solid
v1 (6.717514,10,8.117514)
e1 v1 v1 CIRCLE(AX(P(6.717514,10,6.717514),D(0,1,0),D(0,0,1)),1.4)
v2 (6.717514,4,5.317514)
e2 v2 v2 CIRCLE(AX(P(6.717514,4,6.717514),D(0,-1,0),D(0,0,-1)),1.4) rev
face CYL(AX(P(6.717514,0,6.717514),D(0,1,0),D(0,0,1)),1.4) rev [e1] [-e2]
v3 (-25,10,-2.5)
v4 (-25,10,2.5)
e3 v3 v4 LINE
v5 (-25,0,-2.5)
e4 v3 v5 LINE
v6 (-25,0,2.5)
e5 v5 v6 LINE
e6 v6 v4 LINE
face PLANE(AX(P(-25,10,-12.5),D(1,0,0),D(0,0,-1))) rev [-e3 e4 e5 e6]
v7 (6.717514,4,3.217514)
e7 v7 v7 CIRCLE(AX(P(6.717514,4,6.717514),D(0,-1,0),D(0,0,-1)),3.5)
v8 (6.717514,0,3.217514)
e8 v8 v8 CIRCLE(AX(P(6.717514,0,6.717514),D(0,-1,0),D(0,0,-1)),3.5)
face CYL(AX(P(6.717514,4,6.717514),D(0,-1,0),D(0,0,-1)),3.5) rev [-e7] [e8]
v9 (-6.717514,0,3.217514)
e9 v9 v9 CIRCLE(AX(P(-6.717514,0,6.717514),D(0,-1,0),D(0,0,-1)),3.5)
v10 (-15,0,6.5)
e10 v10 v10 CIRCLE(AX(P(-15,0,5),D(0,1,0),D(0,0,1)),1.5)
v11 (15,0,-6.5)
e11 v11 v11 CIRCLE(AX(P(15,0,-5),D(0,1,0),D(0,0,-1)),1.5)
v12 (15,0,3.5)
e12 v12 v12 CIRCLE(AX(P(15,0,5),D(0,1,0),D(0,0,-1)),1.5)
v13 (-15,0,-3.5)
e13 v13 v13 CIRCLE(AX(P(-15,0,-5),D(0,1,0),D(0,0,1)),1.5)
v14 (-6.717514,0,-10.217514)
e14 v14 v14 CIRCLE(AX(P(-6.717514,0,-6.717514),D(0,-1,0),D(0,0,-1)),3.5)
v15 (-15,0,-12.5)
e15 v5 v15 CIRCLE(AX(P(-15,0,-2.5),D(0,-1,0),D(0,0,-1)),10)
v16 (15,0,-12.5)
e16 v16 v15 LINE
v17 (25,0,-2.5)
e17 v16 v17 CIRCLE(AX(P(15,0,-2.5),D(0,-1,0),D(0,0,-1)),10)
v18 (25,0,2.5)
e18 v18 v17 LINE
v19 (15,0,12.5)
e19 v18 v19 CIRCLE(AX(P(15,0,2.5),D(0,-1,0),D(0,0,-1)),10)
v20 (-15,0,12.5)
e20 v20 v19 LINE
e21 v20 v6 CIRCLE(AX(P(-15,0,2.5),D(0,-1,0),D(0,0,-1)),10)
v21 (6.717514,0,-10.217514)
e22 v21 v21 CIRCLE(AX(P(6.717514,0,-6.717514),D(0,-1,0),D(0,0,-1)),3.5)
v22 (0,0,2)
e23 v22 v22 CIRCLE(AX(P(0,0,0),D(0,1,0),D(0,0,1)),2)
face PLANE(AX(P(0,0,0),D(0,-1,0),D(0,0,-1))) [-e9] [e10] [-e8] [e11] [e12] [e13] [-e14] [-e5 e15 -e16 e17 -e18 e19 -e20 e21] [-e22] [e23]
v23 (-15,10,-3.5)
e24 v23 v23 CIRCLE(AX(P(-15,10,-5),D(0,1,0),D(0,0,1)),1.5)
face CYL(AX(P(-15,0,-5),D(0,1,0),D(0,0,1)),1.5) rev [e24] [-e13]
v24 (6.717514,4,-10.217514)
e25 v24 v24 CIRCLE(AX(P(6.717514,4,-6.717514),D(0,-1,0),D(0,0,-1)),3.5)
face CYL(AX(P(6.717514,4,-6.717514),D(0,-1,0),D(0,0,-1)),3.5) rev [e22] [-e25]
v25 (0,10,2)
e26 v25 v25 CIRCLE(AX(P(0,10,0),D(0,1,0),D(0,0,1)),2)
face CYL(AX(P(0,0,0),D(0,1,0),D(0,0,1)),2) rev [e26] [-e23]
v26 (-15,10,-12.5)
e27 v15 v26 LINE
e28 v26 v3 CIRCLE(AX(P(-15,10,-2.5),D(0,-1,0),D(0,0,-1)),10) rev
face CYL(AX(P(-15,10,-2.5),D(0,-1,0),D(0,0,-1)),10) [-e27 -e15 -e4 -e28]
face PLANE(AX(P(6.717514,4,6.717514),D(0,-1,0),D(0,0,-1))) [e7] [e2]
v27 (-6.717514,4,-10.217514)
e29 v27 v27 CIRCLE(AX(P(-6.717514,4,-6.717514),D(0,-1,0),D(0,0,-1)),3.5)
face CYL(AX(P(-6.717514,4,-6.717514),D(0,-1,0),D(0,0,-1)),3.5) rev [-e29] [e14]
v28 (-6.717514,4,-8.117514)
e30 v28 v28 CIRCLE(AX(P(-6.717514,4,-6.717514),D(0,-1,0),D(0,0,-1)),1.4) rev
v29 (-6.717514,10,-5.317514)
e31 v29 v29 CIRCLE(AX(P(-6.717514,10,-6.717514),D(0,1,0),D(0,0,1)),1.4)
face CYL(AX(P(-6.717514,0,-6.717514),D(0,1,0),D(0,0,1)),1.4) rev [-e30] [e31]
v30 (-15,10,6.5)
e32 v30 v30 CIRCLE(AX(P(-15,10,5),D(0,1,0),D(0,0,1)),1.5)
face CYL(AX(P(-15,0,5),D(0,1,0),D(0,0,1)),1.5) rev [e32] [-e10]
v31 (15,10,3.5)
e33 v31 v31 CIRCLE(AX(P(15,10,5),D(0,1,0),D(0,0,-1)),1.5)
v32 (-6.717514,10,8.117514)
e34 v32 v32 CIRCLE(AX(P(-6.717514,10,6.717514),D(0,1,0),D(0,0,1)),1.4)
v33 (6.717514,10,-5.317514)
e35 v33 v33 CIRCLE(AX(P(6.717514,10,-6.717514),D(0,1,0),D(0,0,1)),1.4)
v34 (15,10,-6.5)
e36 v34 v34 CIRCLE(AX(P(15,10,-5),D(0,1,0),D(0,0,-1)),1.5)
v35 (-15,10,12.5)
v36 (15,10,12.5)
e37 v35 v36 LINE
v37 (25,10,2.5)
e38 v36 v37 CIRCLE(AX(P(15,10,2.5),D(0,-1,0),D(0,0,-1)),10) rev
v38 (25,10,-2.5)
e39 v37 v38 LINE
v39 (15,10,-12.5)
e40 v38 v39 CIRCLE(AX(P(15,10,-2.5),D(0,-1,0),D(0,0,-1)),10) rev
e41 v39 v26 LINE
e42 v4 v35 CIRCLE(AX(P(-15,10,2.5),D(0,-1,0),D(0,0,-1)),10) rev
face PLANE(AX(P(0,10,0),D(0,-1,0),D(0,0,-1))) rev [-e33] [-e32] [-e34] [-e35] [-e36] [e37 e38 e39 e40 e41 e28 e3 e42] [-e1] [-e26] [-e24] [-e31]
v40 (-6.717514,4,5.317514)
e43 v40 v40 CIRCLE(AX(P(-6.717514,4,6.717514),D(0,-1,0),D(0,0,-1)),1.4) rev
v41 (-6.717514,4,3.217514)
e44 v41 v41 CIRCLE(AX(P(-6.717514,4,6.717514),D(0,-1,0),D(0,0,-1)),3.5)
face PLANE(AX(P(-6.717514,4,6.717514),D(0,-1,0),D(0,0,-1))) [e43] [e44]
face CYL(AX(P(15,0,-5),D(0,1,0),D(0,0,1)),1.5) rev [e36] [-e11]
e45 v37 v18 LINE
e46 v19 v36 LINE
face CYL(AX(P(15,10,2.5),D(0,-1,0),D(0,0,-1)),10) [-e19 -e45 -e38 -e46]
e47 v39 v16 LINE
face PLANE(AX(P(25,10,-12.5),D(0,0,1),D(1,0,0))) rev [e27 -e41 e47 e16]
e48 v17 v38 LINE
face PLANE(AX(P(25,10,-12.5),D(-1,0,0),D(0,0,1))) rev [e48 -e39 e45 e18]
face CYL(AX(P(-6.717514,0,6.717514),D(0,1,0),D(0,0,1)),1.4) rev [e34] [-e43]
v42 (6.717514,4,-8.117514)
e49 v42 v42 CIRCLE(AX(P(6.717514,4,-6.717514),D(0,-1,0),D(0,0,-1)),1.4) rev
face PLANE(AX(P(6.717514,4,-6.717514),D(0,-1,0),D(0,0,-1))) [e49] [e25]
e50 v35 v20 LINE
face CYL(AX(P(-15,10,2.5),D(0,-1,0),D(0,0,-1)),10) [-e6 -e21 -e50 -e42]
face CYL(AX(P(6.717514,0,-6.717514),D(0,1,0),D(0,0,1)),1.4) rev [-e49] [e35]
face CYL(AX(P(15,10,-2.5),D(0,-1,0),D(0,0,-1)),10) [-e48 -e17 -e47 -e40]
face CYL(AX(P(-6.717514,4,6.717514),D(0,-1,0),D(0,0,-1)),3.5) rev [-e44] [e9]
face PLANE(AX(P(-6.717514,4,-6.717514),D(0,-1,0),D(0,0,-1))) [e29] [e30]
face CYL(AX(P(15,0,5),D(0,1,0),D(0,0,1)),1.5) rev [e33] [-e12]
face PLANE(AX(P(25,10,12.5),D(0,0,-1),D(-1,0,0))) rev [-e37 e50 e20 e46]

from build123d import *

# Parameters (mm, degrees)
SKETCH1_W           = 50
SKETCH1_H           = 25
BOSS_EXTRUDE1_DEPTH = 10
SKETCH2_R           = 1.5
CUT_EXTRUDE1_DEPTH  = 10
SKETCH3_R           = 1.4
CUT_EXTRUDE2_DEPTH  = 10
SKETCH4_R           = 2
CUT_EXTRUDE3_DEPTH  = 10
FILLET1_R           = 10
SKETCH5_R           = 3.5
CUT_EXTRUDE4_DEPTH  = 4


with BuildPart() as part:
    # Sketch1 → Boss-Extrude1 (new body)
    with BuildSketch(Plane(origin=(0, 0, 0), x_dir=(1, 0, 0), z_dir=(0, 1, 0))):
        Rectangle(SKETCH1_W, SKETCH1_H)
    extrude(amount=BOSS_EXTRUDE1_DEPTH)

    # Sketch2 → Cut-Extrude1 (cut)
    with BuildSketch(Plane(origin=(0, 10, 0), x_dir=(1, 0, 0), z_dir=(0, 1, 0))):
        with Locations(Location((-15, 5, 0), (0, 0, 270))):
            Circle(SKETCH2_R)
        with Locations(Location((-15, -5, 0), (0, 0, 270))):
            Circle(SKETCH2_R)
        with Locations(Location((15, -5, 0), (0, 0, 90))):
            Circle(SKETCH2_R)
        with Locations(Location((15, 5, 0), (0, 0, 90))):
            Circle(SKETCH2_R)
    extrude(amount=-CUT_EXTRUDE1_DEPTH, mode=Mode.SUBTRACT)

    # Sketch3 → Cut-Extrude2 (cut)
    with BuildSketch(Plane(origin=(0, 10, 0), x_dir=(1, 0, 0), z_dir=(0, 1, 0))):
        with Locations(Location((-6.717514421, -6.717514421, 0), (0, 0, 270))):
            Circle(SKETCH3_R)
        with Locations(Location((6.717514421, -6.717514421, 0), (0, 0, 270))):
            Circle(SKETCH3_R)
        with Locations(Location((6.717514421, 6.717514421, 0), (0, 0, 270))):
            Circle(SKETCH3_R)
        with Locations(Location((-6.717514421, 6.717514421, 0), (0, 0, 270))):
            Circle(SKETCH3_R)
    extrude(amount=-CUT_EXTRUDE2_DEPTH, mode=Mode.SUBTRACT)

    # Sketch4 → Cut-Extrude3 (cut)
    with BuildSketch(Plane(origin=(0, 10, 0), x_dir=(1, 0, 0), z_dir=(0, 1, 0))):
        with Locations(Location((0, 0, 0), (0, 0, 270))):
            Circle(SKETCH4_R)
    extrude(amount=-CUT_EXTRUDE3_DEPTH, mode=Mode.SUBTRACT)

    # Fillet1
    fillet1_edges = [part.edges().sort_by_distance(p)[0] for p in [
        (-25, 5, -12.5),
        (25, 5, -12.5),
        (25, 5, 12.5),
        (-25, 5, 12.5),
    ]]
    fillet(fillet1_edges, radius=FILLET1_R)

    # Sketch5 → Cut-Extrude4 (cut)
    with BuildSketch(Plane.XZ):
        with Locations(Location((-6.717514421, 6.717514421, 0), (0, 0, 270))):
            Circle(SKETCH5_R)
        with Locations(Location((6.717514421, 6.717514421, 0), (0, 0, 270))):
            Circle(SKETCH5_R)
        with Locations(Location((6.717514421, -6.717514421, 0), (0, 0, 270))):
            Circle(SKETCH5_R)
        with Locations(Location((-6.717514421, -6.717514421, 0), (0, 0, 270))):
            Circle(SKETCH5_R)
    extrude(amount=-CUT_EXTRUDE4_DEPTH, mode=Mode.SUBTRACT)


solid = part.part
